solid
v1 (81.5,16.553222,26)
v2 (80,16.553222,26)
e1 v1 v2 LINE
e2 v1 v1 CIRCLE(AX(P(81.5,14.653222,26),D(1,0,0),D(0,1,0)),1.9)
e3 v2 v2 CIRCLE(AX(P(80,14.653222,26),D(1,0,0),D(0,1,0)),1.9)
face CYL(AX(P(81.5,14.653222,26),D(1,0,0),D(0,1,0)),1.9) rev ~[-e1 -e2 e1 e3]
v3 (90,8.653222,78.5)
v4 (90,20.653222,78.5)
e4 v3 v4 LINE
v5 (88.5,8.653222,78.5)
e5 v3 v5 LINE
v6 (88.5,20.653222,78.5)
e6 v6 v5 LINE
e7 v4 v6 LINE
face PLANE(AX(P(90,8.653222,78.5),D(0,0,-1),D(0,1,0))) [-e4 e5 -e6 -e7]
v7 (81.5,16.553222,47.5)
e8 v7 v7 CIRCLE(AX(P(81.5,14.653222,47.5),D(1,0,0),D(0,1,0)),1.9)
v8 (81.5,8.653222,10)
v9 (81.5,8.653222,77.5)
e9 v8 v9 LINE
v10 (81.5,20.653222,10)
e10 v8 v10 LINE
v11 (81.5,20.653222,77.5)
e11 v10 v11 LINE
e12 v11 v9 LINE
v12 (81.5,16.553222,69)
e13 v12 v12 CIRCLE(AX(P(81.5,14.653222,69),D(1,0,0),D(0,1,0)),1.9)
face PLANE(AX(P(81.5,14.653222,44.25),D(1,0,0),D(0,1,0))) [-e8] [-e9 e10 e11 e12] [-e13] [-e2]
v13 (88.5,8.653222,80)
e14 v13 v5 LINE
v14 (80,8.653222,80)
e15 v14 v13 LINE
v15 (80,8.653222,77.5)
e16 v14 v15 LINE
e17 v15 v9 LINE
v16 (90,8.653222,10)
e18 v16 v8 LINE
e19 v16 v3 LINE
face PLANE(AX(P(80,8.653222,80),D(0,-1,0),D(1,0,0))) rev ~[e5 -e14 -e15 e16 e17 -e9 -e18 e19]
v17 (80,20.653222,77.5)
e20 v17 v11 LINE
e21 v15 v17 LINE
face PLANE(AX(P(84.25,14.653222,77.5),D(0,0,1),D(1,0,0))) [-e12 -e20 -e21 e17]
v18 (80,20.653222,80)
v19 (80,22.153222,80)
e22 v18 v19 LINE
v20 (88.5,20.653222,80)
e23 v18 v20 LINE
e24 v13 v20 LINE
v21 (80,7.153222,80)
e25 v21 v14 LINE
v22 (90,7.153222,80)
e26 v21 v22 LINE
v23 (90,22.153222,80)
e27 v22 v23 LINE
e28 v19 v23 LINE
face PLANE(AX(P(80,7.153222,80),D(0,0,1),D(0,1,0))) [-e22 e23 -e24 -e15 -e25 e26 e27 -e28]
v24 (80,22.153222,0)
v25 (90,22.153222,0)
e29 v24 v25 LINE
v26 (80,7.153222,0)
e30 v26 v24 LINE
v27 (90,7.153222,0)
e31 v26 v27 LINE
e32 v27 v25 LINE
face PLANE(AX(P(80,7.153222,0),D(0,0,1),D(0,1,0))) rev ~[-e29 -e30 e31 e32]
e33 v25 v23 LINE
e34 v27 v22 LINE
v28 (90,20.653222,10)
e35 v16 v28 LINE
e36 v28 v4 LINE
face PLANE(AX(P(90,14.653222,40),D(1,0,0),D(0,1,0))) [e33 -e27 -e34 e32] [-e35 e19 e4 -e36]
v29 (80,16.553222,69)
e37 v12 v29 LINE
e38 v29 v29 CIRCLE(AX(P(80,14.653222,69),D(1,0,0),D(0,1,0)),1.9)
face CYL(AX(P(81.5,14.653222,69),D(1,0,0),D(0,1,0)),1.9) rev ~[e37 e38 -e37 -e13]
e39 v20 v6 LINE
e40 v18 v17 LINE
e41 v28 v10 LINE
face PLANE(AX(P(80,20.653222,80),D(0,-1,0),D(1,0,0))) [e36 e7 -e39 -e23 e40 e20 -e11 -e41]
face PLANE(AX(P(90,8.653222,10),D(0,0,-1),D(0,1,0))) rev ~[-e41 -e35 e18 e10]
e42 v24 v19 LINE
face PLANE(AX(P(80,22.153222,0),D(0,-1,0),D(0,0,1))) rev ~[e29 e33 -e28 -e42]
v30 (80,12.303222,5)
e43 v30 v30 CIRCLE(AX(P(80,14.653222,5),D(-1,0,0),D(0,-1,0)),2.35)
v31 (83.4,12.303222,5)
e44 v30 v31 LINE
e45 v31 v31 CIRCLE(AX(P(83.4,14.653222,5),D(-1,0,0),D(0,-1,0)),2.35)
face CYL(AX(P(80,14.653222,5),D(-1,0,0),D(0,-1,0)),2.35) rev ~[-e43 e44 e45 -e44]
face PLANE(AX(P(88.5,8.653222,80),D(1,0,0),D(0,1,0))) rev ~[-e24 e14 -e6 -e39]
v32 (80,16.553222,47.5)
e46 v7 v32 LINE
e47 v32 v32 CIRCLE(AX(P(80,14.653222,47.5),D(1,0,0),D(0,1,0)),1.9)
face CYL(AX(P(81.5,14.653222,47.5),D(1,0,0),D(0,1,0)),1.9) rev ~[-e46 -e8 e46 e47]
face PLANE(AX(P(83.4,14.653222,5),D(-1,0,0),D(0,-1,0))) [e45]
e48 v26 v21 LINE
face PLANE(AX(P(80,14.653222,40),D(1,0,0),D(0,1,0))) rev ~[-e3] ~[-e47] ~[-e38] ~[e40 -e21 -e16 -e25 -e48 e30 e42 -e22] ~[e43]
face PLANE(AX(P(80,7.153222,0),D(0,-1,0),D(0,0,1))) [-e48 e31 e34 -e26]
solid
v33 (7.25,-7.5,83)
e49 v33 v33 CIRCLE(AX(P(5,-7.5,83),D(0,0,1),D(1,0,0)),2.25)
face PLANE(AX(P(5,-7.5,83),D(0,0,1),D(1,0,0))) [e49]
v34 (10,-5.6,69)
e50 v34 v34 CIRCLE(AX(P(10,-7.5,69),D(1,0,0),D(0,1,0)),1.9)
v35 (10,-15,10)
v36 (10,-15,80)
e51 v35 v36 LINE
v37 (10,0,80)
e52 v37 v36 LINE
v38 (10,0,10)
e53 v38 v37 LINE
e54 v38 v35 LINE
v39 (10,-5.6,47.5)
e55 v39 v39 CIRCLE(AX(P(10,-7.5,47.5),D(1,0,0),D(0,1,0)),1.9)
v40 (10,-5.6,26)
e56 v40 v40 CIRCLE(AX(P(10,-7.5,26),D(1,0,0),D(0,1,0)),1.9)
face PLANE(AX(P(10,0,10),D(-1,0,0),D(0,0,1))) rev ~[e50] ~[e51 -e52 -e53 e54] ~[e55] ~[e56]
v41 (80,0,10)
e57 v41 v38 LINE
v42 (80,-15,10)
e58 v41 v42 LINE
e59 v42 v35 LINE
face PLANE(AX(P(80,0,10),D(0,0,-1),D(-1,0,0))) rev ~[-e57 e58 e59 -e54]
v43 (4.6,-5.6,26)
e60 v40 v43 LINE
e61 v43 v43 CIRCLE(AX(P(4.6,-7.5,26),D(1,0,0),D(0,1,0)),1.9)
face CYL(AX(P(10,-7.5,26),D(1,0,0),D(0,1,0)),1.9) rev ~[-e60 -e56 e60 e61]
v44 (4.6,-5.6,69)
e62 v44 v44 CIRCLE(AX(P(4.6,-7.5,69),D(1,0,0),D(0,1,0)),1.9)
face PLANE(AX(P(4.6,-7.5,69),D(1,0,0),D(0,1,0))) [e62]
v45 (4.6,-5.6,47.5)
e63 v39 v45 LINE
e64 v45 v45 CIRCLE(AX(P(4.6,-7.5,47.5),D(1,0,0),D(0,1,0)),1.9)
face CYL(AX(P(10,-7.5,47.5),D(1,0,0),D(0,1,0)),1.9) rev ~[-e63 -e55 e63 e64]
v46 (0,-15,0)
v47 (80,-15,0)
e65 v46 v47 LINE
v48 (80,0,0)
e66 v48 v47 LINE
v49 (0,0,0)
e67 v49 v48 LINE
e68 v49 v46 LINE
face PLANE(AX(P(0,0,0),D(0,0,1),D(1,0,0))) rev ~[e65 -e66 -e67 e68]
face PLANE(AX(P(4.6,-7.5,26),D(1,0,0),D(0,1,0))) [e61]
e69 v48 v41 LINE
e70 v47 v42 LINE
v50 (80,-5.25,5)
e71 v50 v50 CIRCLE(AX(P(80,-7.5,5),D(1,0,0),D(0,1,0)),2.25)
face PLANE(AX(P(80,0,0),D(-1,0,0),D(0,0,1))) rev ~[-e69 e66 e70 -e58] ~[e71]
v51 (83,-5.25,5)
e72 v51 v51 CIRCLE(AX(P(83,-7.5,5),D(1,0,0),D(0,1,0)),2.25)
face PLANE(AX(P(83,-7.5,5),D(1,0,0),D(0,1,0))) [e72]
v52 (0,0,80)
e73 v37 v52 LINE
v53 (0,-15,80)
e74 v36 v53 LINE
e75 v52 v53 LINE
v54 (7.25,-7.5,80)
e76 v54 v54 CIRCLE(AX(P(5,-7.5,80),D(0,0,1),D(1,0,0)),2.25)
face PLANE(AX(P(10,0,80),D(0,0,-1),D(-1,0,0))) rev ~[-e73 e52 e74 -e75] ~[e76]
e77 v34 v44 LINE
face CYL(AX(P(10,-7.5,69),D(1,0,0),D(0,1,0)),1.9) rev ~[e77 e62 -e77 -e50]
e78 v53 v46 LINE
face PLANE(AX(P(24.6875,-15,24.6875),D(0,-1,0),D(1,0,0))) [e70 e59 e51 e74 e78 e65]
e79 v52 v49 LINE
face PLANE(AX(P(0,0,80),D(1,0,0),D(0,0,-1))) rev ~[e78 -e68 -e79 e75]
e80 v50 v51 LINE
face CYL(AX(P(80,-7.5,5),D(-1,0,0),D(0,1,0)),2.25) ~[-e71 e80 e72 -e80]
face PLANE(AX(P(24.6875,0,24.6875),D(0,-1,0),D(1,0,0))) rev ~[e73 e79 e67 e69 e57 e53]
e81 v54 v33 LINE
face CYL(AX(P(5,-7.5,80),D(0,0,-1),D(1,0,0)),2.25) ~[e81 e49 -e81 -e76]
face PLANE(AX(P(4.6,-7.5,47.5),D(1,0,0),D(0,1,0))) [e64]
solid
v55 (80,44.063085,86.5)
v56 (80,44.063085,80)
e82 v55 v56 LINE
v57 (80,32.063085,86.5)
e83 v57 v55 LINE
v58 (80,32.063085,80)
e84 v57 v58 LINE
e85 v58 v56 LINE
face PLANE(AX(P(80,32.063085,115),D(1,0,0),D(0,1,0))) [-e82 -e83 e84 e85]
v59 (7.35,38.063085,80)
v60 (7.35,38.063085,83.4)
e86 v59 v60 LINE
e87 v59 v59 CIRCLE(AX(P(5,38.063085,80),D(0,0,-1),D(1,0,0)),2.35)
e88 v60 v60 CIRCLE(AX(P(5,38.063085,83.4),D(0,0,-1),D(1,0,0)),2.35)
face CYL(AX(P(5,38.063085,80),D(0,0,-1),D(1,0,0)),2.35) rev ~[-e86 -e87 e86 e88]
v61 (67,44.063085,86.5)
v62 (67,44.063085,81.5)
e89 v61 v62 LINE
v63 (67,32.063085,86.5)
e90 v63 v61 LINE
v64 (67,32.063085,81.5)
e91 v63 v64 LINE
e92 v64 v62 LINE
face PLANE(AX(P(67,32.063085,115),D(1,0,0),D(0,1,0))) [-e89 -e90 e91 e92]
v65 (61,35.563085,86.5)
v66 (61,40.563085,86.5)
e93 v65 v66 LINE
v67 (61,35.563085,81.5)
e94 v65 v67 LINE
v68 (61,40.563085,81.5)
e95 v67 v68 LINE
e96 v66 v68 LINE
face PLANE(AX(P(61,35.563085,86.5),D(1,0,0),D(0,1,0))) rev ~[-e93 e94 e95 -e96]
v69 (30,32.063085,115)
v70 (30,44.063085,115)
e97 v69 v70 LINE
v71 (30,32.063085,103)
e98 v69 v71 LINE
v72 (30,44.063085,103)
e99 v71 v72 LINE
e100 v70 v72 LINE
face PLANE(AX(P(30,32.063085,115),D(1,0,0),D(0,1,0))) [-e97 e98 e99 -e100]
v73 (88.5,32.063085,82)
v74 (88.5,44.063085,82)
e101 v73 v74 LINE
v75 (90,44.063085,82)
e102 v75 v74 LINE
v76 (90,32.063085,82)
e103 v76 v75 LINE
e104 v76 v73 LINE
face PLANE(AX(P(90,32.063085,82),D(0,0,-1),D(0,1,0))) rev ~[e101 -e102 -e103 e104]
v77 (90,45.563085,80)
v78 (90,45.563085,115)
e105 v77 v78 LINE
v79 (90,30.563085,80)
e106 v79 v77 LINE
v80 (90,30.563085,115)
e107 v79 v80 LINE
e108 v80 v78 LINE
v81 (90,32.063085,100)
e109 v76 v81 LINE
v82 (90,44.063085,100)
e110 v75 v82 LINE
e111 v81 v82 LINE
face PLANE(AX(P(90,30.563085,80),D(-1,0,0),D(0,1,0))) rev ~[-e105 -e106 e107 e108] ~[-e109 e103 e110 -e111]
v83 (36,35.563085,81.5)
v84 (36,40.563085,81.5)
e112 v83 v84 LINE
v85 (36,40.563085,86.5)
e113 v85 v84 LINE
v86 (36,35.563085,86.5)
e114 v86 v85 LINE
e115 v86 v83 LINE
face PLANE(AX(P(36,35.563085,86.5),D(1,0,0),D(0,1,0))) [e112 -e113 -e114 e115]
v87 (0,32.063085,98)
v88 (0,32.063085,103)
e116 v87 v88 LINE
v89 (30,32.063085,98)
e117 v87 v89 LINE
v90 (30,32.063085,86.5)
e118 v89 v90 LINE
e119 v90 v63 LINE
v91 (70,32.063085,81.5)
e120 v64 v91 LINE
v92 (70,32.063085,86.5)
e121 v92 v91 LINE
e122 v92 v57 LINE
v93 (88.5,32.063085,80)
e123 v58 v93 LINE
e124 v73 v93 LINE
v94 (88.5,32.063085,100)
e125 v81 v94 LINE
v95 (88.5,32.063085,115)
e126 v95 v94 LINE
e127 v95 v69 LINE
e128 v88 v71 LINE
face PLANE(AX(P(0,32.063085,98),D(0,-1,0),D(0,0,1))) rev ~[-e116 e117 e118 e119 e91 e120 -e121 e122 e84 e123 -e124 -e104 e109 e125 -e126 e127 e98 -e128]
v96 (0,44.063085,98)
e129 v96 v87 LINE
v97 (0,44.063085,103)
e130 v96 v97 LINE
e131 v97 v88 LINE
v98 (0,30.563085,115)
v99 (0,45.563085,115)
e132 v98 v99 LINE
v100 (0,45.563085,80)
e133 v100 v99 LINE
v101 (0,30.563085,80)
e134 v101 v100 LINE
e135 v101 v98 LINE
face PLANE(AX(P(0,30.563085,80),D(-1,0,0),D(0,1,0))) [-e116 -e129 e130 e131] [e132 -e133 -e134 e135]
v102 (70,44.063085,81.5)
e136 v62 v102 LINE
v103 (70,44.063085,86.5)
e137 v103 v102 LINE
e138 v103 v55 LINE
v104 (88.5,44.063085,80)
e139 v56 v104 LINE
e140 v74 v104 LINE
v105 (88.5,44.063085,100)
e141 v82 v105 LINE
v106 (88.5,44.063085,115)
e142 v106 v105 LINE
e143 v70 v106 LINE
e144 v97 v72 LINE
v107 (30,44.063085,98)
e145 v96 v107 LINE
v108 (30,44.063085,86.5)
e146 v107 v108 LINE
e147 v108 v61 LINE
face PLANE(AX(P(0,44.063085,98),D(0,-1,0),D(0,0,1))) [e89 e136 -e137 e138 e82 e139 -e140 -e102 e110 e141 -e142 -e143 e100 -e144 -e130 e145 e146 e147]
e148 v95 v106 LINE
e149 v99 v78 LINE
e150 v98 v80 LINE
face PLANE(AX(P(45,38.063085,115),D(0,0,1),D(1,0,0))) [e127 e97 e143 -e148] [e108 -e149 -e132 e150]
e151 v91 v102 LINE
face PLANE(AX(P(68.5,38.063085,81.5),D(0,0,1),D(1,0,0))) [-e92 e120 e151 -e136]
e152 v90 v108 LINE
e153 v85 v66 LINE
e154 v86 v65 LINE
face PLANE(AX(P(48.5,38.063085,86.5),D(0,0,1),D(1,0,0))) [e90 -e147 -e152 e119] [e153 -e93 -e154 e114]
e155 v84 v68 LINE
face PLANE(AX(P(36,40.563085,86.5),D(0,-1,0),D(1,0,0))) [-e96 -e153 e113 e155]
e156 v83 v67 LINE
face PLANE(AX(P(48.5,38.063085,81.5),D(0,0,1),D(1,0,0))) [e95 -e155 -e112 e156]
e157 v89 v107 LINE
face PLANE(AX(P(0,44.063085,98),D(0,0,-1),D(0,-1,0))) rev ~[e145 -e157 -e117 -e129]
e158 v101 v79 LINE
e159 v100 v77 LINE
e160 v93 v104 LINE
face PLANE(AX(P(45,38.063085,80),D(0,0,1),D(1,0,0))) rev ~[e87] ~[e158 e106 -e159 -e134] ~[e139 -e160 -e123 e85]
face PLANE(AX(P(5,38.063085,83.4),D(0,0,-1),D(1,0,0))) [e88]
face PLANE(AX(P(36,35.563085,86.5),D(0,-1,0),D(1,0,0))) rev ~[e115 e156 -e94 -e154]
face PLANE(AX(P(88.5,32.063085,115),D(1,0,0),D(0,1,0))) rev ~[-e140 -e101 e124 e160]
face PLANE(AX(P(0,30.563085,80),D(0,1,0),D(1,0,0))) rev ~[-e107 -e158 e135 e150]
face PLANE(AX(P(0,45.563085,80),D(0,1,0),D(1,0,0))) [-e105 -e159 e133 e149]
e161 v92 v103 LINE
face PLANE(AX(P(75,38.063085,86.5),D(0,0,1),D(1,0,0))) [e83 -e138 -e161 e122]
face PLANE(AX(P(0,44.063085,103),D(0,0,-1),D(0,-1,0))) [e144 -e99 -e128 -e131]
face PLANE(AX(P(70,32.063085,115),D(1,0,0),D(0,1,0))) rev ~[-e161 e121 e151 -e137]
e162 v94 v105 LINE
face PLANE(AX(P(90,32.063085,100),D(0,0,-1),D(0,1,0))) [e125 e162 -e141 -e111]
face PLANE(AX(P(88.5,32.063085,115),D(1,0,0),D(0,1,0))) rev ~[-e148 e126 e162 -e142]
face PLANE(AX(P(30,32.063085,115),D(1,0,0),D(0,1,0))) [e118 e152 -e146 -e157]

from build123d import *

# Parameters (mm, degrees)
F1_DEPTH  = 15
F2_R      = 1.9
F3_DEPTH  = 5.4
F4_R      = 2.25
F5_DEPTH  = 3
F6_R      = 2.25
F7_DEPTH  = 3
F8_W      = 90
F8_H      = 15
F9_DEPTH  = 35
F11_R     = 2.35
F12_DEPTH = 3.4
F10_W     = 8.5
F10_H     = 12
F13_DEPTH = 115.001
F10_W_2   = 10
F10_W_3   = 37
F14_DEPTH = 28.5
F10_W_4   = 3
F15_DEPTH = 33.5
F16_W     = 15
F16_H     = 80
F17_DEPTH = 10
F18_W     = 12
F18_H     = 68.5
F19_DEPTH = 8.5
F20_W     = 8.5
F20_H     = 12
F21_DEPTH = 2.5
F22_R     = 1.9
F23_DEPTH = 81.501
F24_R     = 2.35
F25_DEPTH = 3.4
F26_W     = 25
F26_H     = 5
F27_DEPTH = 5
F28_W     = 12
F28_H     = 5
F29_DEPTH = 50
F30_W     = 12
F30_H     = 18
F31_DEPTH = 2


with BuildPart() as f1:
    # F0 (on Front) → F1 (new body)
    with BuildSketch(Plane.XZ):
        Polygon((0, 80), (0, 0), (80, 0), (80, 10), (10, 10), (10, 80), align=None)
    extrude(amount=F1_DEPTH)

    # F2 (on face) → F3 (cut)
    with BuildSketch(Plane.YZ.offset(10)):
        with Locations((-7.5, 26)):
            Circle(F2_R)
        with Locations((-7.5, 47.5)):
            Circle(F2_R)
        with Locations((-7.5, 69)):
            Circle(F2_R)
    extrude(amount=-F3_DEPTH, mode=Mode.SUBTRACT)

    # F4 (on face) → F5 (join)
    with BuildSketch(Plane.YZ.offset(80)):
        with Locations((-7.5, 5)):
            Circle(F4_R)
    extrude(amount=F5_DEPTH)

    # F6 (on face) → F7 (join)
    with BuildSketch(Plane.XY.offset(80)):
        with Locations((5, -7.5)):
            Circle(F6_R)
    extrude(amount=F7_DEPTH)


with BuildPart() as f9:
    # F8 (on face) → F9 (new body)
    with BuildSketch(Plane.XY.offset(80)):
        with Locations((45, 38.063085)):
            Rectangle(F8_W, F8_H)
    extrude(amount=F9_DEPTH)

    # F11 (on face) → F12 (cut)
    with BuildSketch(Plane(origin=(0, 0, 80), x_dir=(1, 0, 0), z_dir=(0, 0, -1))):
        with Locations((5, -38.063085)):
            Circle(F11_R)
    extrude(amount=-F12_DEPTH, mode=Mode.SUBTRACT)

    # F10 (on face) → F13 (cut, through all)
    with BuildSketch(Plane.XY.offset(115)):
        with Locations((84.25, 38.063085)):
            Rectangle(F10_W, F10_H)
    extrude(amount=-F13_DEPTH, mode=Mode.SUBTRACT)

    # F10 (on face) → F14 (cut)
    with BuildSketch(Plane.XY.offset(115)):
        with Locations((75, 38.063085)):
            Rectangle(F10_W_2, F10_H)
        with Locations((48.5, 38.063085)):
            Rectangle(F10_W_3, F10_H)
    extrude(amount=-F14_DEPTH, mode=Mode.SUBTRACT)

    # F10 (on face) → F15 (cut)
    with BuildSketch(Plane.XY.offset(115)):
        with Locations((68.5, 38.063085)):
            Rectangle(F10_W_4, F10_H)
    extrude(amount=-F15_DEPTH, mode=Mode.SUBTRACT)

    # F26 (on face) → F27 (cut)
    with BuildSketch(Plane.XY.offset(86.5)):
        with Locations((48.5, 38.063085)):
            Rectangle(F26_W, F26_H)
    extrude(amount=-F27_DEPTH, mode=Mode.SUBTRACT)

    # F28 (on face) → F29 (cut)
    with BuildSketch(Plane(origin=(0, 0, 0), x_dir=(0, -1, 0), z_dir=(-1, 0, 0))):
        with Locations((-38.063085, 100.5)):
            Rectangle(F28_W, F28_H)
    extrude(amount=-F29_DEPTH, mode=Mode.SUBTRACT)

    # F30 (on face) → F31 (cut)
    with BuildSketch(Plane.YZ.offset(90)):
        with Locations((38.063085, 91)):
            Rectangle(F30_W, F30_H)
    extrude(amount=-F31_DEPTH, mode=Mode.SUBTRACT)


with BuildPart() as f17:
    # F16 (on face) → F17 (new body)
    with BuildSketch(Plane.YZ.offset(80)):
        with Locations((14.653222, 40)):
            Rectangle(F16_W, F16_H)
    extrude(amount=F17_DEPTH)

    # F18 (on face) → F19 (cut)
    with BuildSketch(Plane.YZ.offset(90)):
        with Locations((14.653222, 44.25)):
            Rectangle(F18_W, F18_H)
    extrude(amount=-F19_DEPTH, mode=Mode.SUBTRACT)

    # F20 (on face) → F21 (cut)
    with BuildSketch(Plane.XY.offset(80)):
        with Locations((84.25, 14.653222)):
            Rectangle(F20_W, F20_H)
    extrude(amount=-F21_DEPTH, mode=Mode.SUBTRACT)

    # F22 (on face) → F23 (cut, through all)
    with BuildSketch(Plane.YZ.offset(81.5)):
        with Locations((14.653222, 69)):
            Circle(F22_R)
        with Locations((14.653222, 47.5)):
            Circle(F22_R)
        with Locations((14.653222, 26)):
            Circle(F22_R)
    extrude(amount=-F23_DEPTH, mode=Mode.SUBTRACT)

    # F24 (on face) → F25 (cut)
    with BuildSketch(Plane(origin=(80, 0, 0), x_dir=(0, -1, 0), z_dir=(-1, 0, 0))):
        with Locations((-14.653222, 5)):
            Circle(F24_R)
    extrude(amount=-F25_DEPTH, mode=Mode.SUBTRACT)


solid = Compound([f1.part, f9.part, f17.part])
